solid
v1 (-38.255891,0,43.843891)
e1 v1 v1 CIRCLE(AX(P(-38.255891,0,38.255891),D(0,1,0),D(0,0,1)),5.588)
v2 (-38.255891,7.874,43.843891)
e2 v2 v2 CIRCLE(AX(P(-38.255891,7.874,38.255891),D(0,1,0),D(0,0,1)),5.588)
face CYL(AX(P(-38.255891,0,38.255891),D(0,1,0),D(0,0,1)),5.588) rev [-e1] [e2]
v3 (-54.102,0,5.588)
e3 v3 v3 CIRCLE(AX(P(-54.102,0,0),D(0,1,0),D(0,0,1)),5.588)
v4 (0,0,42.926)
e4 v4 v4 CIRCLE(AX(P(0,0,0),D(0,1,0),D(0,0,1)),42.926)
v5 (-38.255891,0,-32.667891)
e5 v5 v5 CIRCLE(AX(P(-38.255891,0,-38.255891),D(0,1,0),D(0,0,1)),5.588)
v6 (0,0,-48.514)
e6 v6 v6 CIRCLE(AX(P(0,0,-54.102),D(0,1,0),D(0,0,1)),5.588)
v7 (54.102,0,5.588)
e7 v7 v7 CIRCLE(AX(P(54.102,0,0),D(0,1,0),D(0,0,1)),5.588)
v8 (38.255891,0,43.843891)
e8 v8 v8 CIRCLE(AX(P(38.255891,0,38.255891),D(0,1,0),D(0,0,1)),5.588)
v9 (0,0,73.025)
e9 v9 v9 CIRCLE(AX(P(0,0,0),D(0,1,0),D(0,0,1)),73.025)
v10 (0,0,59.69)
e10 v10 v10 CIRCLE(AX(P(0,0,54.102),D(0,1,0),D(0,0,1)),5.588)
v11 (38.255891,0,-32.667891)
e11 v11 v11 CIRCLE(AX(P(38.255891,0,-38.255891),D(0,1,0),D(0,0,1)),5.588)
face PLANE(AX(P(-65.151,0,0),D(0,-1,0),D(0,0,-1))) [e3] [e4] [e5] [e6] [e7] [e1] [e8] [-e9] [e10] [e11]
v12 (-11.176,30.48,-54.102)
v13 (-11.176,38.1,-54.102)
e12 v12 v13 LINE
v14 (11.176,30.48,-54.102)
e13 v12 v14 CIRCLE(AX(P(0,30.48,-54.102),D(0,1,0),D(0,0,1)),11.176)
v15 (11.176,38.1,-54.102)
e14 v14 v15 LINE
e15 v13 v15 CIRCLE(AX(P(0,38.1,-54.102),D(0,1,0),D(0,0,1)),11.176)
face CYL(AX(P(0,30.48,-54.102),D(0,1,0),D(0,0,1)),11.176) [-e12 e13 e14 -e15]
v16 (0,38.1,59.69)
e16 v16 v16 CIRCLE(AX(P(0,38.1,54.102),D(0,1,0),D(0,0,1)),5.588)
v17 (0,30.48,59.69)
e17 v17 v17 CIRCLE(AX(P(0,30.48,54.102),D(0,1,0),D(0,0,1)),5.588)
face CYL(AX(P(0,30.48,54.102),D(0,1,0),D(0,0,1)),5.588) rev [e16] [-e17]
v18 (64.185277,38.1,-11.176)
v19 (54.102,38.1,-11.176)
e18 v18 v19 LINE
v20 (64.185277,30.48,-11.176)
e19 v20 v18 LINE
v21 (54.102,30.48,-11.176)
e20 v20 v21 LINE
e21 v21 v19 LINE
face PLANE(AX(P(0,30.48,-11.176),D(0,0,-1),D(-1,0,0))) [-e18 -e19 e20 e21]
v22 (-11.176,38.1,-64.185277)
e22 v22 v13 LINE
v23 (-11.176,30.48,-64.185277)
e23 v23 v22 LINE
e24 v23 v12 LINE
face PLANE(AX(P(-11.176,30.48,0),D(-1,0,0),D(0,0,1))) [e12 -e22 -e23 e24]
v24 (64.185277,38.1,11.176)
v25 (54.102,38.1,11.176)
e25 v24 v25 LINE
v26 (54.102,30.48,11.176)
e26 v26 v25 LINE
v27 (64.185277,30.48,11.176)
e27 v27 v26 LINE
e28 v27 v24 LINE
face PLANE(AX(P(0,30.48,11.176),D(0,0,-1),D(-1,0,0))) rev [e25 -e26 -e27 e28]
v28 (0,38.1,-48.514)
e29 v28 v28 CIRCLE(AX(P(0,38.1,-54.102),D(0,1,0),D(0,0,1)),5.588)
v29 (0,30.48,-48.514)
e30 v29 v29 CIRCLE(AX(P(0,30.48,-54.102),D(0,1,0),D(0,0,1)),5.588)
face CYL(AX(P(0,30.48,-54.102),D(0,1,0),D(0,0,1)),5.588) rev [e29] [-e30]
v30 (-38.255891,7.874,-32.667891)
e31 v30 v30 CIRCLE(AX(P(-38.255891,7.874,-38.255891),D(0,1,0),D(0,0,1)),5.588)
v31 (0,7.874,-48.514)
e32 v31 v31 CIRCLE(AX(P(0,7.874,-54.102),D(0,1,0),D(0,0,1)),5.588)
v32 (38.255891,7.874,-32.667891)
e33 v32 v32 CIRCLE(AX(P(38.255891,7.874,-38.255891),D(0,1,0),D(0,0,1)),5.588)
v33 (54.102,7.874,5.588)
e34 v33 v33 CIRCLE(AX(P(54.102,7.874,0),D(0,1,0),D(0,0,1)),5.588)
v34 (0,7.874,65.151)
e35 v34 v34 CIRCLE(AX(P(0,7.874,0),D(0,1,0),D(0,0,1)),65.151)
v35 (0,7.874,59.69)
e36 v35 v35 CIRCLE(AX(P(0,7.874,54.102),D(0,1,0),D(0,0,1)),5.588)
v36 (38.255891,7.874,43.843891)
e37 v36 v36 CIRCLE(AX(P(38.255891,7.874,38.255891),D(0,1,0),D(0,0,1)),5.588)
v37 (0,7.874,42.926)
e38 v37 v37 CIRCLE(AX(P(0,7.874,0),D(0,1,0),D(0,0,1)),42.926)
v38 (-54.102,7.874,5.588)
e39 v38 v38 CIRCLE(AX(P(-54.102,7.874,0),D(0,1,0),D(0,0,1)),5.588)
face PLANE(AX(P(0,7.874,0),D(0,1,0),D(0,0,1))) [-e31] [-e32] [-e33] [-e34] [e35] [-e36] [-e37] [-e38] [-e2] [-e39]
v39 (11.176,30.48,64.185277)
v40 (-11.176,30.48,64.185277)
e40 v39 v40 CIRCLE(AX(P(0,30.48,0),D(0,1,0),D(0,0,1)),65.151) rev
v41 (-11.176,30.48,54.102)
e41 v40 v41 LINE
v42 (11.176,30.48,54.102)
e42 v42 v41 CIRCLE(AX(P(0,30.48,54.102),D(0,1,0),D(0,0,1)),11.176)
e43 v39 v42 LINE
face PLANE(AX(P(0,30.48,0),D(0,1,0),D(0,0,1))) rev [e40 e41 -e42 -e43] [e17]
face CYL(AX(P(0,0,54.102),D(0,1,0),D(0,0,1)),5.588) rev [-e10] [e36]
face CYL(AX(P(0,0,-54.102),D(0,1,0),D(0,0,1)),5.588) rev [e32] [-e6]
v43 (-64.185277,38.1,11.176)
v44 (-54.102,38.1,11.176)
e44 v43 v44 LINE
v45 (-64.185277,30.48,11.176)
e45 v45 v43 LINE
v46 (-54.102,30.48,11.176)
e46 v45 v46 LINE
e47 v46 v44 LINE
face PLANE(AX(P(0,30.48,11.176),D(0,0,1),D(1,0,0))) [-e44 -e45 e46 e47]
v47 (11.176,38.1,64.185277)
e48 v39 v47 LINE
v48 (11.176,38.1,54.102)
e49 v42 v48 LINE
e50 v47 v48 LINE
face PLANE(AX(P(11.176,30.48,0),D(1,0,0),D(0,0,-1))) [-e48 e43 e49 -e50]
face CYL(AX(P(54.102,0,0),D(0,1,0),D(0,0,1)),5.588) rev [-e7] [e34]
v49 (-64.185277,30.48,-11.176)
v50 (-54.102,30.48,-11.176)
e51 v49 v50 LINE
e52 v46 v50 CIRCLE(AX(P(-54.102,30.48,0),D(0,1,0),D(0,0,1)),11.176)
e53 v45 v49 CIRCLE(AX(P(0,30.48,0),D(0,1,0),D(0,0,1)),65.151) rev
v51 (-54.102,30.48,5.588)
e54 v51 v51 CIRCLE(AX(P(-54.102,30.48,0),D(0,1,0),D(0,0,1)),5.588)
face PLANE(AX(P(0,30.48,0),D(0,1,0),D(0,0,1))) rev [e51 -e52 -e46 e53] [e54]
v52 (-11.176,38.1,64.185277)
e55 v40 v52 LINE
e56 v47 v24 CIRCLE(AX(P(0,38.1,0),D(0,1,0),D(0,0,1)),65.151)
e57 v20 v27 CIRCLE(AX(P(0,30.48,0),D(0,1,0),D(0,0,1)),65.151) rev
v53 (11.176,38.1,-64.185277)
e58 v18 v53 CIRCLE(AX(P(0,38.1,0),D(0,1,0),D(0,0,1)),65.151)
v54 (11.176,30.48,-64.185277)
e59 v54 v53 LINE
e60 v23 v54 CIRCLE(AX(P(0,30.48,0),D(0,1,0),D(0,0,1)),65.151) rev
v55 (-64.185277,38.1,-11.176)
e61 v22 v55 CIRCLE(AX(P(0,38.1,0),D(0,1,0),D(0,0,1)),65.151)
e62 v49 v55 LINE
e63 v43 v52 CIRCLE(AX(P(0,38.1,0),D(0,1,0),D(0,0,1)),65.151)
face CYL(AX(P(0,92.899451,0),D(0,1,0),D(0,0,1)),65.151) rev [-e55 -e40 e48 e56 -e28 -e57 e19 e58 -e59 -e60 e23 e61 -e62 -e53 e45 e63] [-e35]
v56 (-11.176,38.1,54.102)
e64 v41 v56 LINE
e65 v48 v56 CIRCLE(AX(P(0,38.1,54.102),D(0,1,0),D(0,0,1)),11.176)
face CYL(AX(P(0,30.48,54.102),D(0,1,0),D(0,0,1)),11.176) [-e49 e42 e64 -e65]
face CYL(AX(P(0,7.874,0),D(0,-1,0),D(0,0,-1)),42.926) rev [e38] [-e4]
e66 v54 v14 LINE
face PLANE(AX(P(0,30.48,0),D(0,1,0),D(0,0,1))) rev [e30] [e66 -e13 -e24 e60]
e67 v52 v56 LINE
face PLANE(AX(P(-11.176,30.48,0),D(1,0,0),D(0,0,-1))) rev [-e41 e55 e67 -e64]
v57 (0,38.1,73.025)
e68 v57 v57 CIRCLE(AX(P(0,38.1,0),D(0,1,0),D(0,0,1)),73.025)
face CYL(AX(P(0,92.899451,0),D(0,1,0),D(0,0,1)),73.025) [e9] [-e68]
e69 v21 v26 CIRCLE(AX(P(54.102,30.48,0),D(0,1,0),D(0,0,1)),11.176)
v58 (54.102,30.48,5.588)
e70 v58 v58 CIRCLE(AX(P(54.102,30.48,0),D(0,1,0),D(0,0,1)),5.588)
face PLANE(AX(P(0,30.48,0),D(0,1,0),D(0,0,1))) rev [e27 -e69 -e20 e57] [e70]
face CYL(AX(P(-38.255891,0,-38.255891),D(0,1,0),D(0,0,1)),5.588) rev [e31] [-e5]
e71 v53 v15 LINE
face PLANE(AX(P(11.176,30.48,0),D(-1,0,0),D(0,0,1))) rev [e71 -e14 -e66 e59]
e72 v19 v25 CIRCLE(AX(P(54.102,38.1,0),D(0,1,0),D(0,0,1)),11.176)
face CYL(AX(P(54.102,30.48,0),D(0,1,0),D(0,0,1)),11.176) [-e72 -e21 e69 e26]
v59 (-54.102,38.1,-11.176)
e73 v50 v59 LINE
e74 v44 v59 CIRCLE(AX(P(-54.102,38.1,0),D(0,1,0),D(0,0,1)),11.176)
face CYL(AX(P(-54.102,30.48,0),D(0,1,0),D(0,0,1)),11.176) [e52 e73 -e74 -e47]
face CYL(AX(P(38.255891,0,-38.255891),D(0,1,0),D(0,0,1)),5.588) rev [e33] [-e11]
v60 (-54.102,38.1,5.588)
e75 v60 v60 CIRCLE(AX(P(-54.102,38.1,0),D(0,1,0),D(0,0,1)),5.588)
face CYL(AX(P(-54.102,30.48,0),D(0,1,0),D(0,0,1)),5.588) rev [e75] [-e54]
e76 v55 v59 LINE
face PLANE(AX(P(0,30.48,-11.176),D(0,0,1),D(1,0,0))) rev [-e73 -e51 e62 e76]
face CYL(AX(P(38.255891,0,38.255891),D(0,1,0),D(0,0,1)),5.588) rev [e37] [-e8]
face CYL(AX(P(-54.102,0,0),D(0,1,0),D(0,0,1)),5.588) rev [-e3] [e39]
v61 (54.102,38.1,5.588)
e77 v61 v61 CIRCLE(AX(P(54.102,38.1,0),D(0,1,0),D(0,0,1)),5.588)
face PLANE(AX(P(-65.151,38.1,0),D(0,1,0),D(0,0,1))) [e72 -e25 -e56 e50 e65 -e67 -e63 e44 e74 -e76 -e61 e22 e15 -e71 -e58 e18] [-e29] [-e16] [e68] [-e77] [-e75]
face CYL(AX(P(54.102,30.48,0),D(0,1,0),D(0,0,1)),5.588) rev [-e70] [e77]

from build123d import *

# Parameters (mm, degrees)
SKETCH1_W           = 7.874
SKETCH1_H           = 38.1
SKETCH2_R           = 65.151
SKETCH2_R_2         = 42.926
BOSS_EXTRUDE2_DEPTH = 7.874
SKETCH4_R           = 5.588
CUT_EXTRUDE1_DEPTH  = 8.874
SKETCH5_R           = 5.588
BOSS_EXTRUDE4_DEPTH = 7.62


with BuildPart() as part:
    # Sketch1 → Revolve1 (revolve)
    with BuildSketch(Plane.XY):
        with Locations((-69.088, 19.05)):
            Rectangle(SKETCH1_W, SKETCH1_H)
    revolve(axis=Axis((0, 92.899450936, 0), (0, -1, 0)))

    # Sketch2 → Boss-Extrude2 (add)
    with BuildSketch(Plane(origin=(0, 0, 0), x_dir=(1, 0, 0), z_dir=(0, 1, 0))):
        Circle(SKETCH2_R)
        Circle(SKETCH2_R_2, mode=Mode.SUBTRACT)
    extrude(amount=BOSS_EXTRUDE2_DEPTH)

    # Sketch4 → Cut-Extrude1 (cut, through all)
    with BuildSketch(Plane(origin=(0, 7.874, 0), x_dir=(1, 0, 0), z_dir=(0, 1, 0))):
        with Locations((0, 54.102)):
            Circle(SKETCH4_R)
        with Locations((38.255891076, 38.255891076)):
            Circle(SKETCH4_R)
        with Locations((54.102, 0)):
            Circle(SKETCH4_R)
        with Locations((38.255891076, -38.255891076)):
            Circle(SKETCH4_R)
        with Locations((0, -54.102)):
            Circle(SKETCH4_R)
        with Locations((-38.255891076, -38.255891076)):
            Circle(SKETCH4_R)
        with Locations((-54.102, 0)):
            Circle(SKETCH4_R)
        with Locations((-38.255891076, 38.255891076)):
            Circle(SKETCH4_R)
    extrude(amount=-CUT_EXTRUDE1_DEPTH, mode=Mode.SUBTRACT)

    # Sketch5 → Boss-Extrude4 (add)
    with BuildSketch(Plane(origin=(0, 38.1, 0), x_dir=(1, 0, 0), z_dir=(0, 1, 0))):
        with BuildLine():
            Line((-54.102, 11.176), (-64.185277323, 11.176))
            ThreePointArc((-64.185277323, 11.176), (-65.151, 0), (-64.185277323, -11.176))
            Line((-64.185277323, -11.176), (-54.102, -11.176))
            ThreePointArc((-54.102, -11.176), (-42.926, 0), (-54.102, 11.176))
        make_face()
        with Locations((-54.102, 0)):
            Circle(SKETCH5_R, mode=Mode.SUBTRACT)
        with BuildLine():
            Line((11.176, 54.102), (11.176, 64.185277323))
            ThreePointArc((11.176, 64.185277323), (0, 65.151), (-11.176, 64.185277323))
            Line((-11.176, 64.185277323), (-11.176, 54.102))
            ThreePointArc((-11.176, 54.102), (0, 42.926), (11.176, 54.102))
        make_face()
        with Locations((0, 54.102)):
            Circle(SKETCH5_R, mode=Mode.SUBTRACT)
        with BuildLine():
            ThreePointArc((65.151, 0), (64.909120329, 5.608823323), (64.185277323, 11.176))
            Line((64.185277323, 11.176), (54.102, 11.176))
            ThreePointArc((54.102, 11.176), (42.926, 0), (54.102, -11.176))
            Line((54.102, -11.176), (64.185277323, -11.176))
            ThreePointArc((64.185277323, -11.176), (64.909120329, -5.608823323), (65.151, 0))
        make_face()
        with Locations((54.102, 0)):
            Circle(SKETCH5_R, mode=Mode.SUBTRACT)
        with BuildLine():
            ThreePointArc((-11.176, -64.185277323), (0, -65.151), (11.176, -64.185277323))
            Line((11.176, -64.185277323), (11.176, -54.102))
            ThreePointArc((11.176, -54.102), (0, -42.926), (-11.176, -54.102))
            Line((-11.176, -54.102), (-11.176, -64.185277323))
        make_face()
        with Locations((0, -54.102)):
            Circle(SKETCH5_R, mode=Mode.SUBTRACT)
    extrude(amount=-BOSS_EXTRUDE4_DEPTH)


solid = part.part
